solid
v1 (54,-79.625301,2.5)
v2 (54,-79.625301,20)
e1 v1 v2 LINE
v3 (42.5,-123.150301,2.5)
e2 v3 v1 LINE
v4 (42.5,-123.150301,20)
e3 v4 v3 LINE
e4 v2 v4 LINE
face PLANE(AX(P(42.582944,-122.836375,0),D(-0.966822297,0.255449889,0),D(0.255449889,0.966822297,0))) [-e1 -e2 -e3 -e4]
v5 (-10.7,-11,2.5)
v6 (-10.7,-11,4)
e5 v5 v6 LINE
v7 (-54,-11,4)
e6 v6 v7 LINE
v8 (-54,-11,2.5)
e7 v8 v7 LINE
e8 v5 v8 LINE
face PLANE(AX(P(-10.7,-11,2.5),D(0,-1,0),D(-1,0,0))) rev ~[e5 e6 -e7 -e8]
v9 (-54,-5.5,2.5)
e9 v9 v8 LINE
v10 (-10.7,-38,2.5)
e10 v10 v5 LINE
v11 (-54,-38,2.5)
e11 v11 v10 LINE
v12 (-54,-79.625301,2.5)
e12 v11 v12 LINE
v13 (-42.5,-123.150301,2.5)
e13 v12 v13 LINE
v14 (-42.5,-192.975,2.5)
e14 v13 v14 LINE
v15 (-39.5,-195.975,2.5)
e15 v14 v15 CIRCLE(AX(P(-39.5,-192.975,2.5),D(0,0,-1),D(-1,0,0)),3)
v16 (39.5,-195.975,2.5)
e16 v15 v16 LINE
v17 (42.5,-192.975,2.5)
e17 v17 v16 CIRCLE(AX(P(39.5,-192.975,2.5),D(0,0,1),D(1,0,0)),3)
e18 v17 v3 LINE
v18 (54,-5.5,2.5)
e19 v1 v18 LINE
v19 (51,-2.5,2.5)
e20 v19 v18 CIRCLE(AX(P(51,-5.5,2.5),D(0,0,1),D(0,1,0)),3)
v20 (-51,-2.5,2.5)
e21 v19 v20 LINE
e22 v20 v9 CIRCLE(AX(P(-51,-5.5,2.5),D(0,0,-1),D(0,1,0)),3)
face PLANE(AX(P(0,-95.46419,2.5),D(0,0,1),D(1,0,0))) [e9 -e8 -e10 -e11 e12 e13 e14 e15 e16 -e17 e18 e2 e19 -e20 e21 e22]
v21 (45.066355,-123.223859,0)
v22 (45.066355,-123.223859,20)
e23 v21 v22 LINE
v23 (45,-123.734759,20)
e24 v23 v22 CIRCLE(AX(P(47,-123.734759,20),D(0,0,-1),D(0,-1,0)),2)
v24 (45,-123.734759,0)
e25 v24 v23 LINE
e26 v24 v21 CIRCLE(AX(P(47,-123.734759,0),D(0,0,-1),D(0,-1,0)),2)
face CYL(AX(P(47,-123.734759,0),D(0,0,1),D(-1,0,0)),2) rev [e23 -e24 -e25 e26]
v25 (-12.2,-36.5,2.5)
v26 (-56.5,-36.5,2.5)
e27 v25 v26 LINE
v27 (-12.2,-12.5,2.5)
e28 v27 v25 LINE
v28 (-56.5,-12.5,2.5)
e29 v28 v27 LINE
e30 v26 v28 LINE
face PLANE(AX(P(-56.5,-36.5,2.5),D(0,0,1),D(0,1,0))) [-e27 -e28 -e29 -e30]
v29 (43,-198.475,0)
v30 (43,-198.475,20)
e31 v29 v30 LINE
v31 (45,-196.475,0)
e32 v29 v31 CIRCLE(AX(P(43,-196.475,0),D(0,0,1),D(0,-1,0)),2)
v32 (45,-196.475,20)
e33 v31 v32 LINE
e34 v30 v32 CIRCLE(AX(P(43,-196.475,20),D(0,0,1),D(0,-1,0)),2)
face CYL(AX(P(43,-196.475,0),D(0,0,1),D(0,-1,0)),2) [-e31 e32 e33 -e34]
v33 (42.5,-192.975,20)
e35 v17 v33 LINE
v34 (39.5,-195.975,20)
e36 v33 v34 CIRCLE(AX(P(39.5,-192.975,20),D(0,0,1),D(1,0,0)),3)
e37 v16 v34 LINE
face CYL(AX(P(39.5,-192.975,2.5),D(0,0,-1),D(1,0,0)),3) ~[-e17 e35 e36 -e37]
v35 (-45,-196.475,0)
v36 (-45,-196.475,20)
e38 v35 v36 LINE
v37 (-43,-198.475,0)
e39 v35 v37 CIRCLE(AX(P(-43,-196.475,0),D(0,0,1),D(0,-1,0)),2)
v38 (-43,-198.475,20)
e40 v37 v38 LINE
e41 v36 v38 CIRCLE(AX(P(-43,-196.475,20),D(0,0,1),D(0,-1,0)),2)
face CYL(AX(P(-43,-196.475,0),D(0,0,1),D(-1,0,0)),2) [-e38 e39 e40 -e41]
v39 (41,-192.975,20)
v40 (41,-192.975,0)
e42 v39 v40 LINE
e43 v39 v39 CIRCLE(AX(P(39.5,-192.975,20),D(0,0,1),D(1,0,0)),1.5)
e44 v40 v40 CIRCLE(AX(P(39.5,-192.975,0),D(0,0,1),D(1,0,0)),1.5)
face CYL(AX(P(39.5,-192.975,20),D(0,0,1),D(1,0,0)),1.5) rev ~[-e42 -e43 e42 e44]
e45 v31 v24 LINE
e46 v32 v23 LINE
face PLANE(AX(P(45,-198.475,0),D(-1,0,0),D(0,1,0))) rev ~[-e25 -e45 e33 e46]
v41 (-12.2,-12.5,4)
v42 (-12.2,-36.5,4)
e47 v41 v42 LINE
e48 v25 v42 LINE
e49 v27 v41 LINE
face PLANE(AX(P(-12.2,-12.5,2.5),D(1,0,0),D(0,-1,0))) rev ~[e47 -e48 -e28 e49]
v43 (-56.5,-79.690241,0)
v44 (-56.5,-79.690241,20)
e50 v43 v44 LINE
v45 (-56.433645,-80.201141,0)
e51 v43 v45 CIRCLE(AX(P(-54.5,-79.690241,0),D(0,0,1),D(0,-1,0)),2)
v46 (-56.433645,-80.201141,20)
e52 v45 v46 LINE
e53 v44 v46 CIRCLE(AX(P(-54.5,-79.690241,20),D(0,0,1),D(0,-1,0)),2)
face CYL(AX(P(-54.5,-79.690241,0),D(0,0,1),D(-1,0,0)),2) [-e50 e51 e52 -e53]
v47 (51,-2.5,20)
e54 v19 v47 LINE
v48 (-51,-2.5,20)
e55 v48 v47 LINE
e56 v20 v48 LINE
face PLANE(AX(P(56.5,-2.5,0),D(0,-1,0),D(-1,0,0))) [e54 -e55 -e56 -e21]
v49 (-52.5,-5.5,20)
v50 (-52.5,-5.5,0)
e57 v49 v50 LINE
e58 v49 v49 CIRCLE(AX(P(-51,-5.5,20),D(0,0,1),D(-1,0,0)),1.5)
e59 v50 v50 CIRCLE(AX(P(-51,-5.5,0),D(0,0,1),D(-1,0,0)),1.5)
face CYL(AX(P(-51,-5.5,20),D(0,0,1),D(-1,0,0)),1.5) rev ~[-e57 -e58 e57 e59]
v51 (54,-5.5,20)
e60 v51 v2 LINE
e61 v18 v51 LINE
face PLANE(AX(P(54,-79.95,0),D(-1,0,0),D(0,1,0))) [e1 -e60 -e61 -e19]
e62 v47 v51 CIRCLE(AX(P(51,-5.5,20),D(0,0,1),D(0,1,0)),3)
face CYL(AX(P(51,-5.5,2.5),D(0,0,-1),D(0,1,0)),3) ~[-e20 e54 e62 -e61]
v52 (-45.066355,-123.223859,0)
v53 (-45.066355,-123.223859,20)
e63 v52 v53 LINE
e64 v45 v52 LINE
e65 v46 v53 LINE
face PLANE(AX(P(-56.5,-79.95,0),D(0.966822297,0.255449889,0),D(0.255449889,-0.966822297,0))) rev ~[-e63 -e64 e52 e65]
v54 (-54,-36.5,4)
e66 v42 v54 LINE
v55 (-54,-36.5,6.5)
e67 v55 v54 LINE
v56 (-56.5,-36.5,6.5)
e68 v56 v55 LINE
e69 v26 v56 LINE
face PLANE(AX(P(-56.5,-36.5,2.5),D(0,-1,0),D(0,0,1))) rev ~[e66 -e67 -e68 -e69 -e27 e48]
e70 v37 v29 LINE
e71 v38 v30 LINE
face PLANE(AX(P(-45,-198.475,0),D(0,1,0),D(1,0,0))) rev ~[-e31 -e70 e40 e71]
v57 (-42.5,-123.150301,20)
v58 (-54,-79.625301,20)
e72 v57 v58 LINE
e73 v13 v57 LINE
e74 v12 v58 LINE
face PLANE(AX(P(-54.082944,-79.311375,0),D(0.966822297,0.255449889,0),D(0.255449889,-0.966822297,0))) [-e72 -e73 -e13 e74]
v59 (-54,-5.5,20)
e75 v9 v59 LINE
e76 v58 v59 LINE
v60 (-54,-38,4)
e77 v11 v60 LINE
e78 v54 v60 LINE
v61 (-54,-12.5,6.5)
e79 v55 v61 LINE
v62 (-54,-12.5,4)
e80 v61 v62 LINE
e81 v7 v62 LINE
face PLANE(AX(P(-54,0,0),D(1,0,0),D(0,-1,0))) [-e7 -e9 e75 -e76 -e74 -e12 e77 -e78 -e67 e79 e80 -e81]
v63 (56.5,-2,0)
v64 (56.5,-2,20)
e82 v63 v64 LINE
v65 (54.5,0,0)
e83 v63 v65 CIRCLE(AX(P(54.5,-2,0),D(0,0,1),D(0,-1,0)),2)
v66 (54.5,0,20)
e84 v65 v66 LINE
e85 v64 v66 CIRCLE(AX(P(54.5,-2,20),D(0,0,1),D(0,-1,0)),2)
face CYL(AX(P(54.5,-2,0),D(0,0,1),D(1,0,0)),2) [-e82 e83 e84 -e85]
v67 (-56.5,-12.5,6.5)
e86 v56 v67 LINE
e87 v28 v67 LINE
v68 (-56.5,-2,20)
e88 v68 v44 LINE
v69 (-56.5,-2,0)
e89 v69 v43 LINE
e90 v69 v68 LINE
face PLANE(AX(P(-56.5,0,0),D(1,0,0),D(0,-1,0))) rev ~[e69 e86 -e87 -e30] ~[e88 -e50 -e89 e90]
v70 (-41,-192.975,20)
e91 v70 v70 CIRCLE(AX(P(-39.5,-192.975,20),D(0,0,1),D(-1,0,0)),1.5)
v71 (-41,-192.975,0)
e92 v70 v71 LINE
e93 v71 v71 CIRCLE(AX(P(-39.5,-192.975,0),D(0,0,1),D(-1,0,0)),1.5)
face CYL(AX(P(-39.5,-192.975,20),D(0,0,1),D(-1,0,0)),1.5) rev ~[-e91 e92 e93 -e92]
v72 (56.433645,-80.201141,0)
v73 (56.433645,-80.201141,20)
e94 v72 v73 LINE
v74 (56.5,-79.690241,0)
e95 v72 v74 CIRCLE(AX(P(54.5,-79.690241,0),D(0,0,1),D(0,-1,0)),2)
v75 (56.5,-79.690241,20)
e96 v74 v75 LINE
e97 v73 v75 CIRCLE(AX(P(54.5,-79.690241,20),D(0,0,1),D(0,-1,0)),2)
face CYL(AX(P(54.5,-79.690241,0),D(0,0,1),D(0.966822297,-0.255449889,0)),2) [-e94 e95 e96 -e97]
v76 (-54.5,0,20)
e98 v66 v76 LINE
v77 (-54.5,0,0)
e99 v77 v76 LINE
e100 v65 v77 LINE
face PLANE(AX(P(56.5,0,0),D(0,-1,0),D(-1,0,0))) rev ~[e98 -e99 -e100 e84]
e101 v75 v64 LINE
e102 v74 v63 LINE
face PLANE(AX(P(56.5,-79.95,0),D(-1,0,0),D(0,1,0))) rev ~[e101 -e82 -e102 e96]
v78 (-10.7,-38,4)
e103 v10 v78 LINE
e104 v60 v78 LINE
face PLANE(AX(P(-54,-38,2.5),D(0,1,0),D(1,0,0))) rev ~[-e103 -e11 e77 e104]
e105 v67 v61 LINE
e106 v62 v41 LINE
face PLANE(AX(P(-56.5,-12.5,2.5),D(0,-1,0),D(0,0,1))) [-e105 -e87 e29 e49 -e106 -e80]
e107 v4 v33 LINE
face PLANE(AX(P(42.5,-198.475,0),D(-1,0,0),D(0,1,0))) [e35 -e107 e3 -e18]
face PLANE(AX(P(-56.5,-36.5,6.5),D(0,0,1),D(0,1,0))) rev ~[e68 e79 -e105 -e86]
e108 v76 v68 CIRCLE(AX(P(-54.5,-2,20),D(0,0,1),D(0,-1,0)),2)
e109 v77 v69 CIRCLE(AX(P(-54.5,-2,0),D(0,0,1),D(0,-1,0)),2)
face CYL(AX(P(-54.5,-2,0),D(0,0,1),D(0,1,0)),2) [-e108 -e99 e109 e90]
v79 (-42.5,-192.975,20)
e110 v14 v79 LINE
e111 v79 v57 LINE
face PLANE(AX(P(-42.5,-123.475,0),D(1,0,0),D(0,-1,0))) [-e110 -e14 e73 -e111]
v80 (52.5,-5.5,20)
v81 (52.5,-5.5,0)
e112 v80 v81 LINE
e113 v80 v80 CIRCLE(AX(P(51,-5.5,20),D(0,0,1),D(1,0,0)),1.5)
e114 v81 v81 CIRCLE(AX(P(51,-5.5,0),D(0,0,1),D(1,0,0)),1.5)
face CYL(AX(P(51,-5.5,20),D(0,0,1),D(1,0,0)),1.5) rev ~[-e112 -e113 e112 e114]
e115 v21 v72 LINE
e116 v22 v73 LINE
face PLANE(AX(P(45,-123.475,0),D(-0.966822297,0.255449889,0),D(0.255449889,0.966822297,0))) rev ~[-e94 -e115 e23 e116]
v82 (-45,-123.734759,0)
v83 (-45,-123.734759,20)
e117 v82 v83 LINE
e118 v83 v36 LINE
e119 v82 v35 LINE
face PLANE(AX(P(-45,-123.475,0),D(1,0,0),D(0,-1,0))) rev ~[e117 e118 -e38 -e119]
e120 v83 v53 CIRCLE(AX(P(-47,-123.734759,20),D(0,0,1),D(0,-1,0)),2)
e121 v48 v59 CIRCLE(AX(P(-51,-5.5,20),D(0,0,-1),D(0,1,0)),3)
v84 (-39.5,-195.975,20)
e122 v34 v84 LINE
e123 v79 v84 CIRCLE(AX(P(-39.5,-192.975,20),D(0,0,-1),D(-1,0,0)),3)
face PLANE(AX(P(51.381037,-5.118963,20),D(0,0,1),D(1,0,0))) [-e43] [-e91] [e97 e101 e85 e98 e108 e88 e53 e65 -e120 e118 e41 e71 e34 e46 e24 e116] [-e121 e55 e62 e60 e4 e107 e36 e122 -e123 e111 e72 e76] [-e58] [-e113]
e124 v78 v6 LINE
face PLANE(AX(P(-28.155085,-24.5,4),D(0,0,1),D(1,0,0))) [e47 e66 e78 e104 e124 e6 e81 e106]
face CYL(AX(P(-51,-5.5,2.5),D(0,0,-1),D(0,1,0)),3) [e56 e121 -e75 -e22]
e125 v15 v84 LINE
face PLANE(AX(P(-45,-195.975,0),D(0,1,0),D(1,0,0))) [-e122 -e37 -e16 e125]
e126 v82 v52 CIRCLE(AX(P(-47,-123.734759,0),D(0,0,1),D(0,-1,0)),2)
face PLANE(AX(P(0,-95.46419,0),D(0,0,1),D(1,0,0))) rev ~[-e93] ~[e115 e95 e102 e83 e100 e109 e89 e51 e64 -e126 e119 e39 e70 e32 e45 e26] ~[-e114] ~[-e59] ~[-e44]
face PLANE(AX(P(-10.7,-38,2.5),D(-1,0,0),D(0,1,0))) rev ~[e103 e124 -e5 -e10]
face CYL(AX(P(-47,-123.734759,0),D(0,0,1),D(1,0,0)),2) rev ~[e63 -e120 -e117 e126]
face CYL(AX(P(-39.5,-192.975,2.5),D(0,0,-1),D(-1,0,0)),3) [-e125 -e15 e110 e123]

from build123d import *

# Parameters (mm, degrees)
BOSS_EXTRUDE1_DEPTH = 20
SHELL1_T            = -2.5
FILLET1_R           = 2
BOSS_EXTRUDE2_DEPTH = 17.5
SKETCH4_R           = 1.5
CUT_EXTRUDE1_DEPTH  = 208.327218727
BOSS_EXTRUDE3_DEPTH = 1.5
CUT_EXTRUDE2_REACH  = 231.263
SKETCH6_W           = 4
SKETCH6_H           = 24


with BuildPart() as part:
    # Sketch1 → Boss-Extrude1 (new body)
    with BuildSketch(Plane.XY):
        Polygon((-45, -123.475), (-45, -198.475), (45, -198.475), (45, -123.475), (56.5, -79.95), (56.5, 0), (-56.5, 0), (-56.5, -79.95), align=None)
    extrude(amount=BOSS_EXTRUDE1_DEPTH)

    # Shell1
    shell1_openings = [part.faces().sort_by_distance(p)[0] for p in [
        (0, -93.724865495, 20),
    ]]
    offset(amount=SHELL1_T, openings=shell1_openings, kind=Kind.INTERSECTION)

    # Fillet1
    fillet1_edges = [part.edges().sort_by_distance(p)[0] for p in [
        (-56.5, -79.95, 10),
        (-56.5, 0, 10),
        (56.5, 0, 10),
        (56.5, -79.95, 10),
        (45, -123.475, 10),
        (45, -198.475, 10),
        (-45, -198.475, 10),
        (-45, -123.475, 10),
    ]]
    fillet(fillet1_edges, radius=FILLET1_R)

    # Sketch2 → Boss-Extrude2 (add, through all)
    with BuildSketch(Plane.XY.offset(2.5)):
        with BuildLine():
            Line((54, -5.5), (54, -2.5))
            Line((54, -2.5), (51, -2.5))
            ThreePointArc((51, -2.5), (48.878679656, -7.621320344), (54, -5.5))
        make_face()
        with BuildLine():
            Line((42.5, -195.975), (42.5, -192.975))
            ThreePointArc((42.5, -192.975), (37.378679656, -190.853679656), (39.5, -195.975))
            Line((39.5, -195.975), (42.5, -195.975))
        make_face()
        with BuildLine():
            Line((-39.5, -195.975), (-42.5, -195.975))
            Line((-42.5, -195.975), (-42.5, -192.975))
            ThreePointArc((-42.5, -192.975), (-37.378679656, -190.853679656), (-39.5, -195.975))
        make_face()
        with BuildLine():
            Line((-54, -2.5), (-51, -2.5))
            ThreePointArc((-51, -2.5), (-48.878679656, -7.621320344), (-54, -5.5))
            Line((-54, -5.5), (-54, -2.5))
        make_face()
    extrude(amount=BOSS_EXTRUDE2_DEPTH)

    # Sketch4 → Cut-Extrude1 (cut, through all)
    with BuildSketch(Plane.XY.offset(20)):
        with Locations((51, -5.5)):
            Circle(SKETCH4_R)
        with Locations((39.5, -192.975)):
            Circle(SKETCH4_R)
        with Locations(Location((-39.5, -192.975, 0), (0, 0, 180))):
            Circle(SKETCH4_R)
        with Locations(Location((-51, -5.5, 0), (0, 0, 180))):
            Circle(SKETCH4_R)
    extrude(amount=-CUT_EXTRUDE1_DEPTH, mode=Mode.SUBTRACT)

    # Sketch5 → Boss-Extrude3 (add)
    with BuildSketch(Plane.XY.offset(2.5)):
        Polygon((-54, -11), (-54, -12.5), (-12.2, -12.5), (-12.2, -36.5), (-54, -36.5), (-54, -38), (-10.7, -38), (-10.7, -11), align=None)
    extrude(amount=BOSS_EXTRUDE3_DEPTH)

    # Sketch6 → Cut-Extrude2 (cut, up to next)
    with BuildSketch(Plane.ZY.offset(56.5), mode=Mode.PRIVATE) as cut_extrude2_sk1:
        with Locations((4.5, -24.5)):
            Rectangle(SKETCH6_W, SKETCH6_H)
    cut_extrude2_tool1 = extrude(cut_extrude2_sk1.sketch, amount=-CUT_EXTRUDE2_REACH, mode=Mode.PRIVATE) & part.part
    add(cut_extrude2_tool1.solids().sort_by_distance((-56.5, -24.5, 4.5))[0], mode=Mode.SUBTRACT)


solid = part.part
